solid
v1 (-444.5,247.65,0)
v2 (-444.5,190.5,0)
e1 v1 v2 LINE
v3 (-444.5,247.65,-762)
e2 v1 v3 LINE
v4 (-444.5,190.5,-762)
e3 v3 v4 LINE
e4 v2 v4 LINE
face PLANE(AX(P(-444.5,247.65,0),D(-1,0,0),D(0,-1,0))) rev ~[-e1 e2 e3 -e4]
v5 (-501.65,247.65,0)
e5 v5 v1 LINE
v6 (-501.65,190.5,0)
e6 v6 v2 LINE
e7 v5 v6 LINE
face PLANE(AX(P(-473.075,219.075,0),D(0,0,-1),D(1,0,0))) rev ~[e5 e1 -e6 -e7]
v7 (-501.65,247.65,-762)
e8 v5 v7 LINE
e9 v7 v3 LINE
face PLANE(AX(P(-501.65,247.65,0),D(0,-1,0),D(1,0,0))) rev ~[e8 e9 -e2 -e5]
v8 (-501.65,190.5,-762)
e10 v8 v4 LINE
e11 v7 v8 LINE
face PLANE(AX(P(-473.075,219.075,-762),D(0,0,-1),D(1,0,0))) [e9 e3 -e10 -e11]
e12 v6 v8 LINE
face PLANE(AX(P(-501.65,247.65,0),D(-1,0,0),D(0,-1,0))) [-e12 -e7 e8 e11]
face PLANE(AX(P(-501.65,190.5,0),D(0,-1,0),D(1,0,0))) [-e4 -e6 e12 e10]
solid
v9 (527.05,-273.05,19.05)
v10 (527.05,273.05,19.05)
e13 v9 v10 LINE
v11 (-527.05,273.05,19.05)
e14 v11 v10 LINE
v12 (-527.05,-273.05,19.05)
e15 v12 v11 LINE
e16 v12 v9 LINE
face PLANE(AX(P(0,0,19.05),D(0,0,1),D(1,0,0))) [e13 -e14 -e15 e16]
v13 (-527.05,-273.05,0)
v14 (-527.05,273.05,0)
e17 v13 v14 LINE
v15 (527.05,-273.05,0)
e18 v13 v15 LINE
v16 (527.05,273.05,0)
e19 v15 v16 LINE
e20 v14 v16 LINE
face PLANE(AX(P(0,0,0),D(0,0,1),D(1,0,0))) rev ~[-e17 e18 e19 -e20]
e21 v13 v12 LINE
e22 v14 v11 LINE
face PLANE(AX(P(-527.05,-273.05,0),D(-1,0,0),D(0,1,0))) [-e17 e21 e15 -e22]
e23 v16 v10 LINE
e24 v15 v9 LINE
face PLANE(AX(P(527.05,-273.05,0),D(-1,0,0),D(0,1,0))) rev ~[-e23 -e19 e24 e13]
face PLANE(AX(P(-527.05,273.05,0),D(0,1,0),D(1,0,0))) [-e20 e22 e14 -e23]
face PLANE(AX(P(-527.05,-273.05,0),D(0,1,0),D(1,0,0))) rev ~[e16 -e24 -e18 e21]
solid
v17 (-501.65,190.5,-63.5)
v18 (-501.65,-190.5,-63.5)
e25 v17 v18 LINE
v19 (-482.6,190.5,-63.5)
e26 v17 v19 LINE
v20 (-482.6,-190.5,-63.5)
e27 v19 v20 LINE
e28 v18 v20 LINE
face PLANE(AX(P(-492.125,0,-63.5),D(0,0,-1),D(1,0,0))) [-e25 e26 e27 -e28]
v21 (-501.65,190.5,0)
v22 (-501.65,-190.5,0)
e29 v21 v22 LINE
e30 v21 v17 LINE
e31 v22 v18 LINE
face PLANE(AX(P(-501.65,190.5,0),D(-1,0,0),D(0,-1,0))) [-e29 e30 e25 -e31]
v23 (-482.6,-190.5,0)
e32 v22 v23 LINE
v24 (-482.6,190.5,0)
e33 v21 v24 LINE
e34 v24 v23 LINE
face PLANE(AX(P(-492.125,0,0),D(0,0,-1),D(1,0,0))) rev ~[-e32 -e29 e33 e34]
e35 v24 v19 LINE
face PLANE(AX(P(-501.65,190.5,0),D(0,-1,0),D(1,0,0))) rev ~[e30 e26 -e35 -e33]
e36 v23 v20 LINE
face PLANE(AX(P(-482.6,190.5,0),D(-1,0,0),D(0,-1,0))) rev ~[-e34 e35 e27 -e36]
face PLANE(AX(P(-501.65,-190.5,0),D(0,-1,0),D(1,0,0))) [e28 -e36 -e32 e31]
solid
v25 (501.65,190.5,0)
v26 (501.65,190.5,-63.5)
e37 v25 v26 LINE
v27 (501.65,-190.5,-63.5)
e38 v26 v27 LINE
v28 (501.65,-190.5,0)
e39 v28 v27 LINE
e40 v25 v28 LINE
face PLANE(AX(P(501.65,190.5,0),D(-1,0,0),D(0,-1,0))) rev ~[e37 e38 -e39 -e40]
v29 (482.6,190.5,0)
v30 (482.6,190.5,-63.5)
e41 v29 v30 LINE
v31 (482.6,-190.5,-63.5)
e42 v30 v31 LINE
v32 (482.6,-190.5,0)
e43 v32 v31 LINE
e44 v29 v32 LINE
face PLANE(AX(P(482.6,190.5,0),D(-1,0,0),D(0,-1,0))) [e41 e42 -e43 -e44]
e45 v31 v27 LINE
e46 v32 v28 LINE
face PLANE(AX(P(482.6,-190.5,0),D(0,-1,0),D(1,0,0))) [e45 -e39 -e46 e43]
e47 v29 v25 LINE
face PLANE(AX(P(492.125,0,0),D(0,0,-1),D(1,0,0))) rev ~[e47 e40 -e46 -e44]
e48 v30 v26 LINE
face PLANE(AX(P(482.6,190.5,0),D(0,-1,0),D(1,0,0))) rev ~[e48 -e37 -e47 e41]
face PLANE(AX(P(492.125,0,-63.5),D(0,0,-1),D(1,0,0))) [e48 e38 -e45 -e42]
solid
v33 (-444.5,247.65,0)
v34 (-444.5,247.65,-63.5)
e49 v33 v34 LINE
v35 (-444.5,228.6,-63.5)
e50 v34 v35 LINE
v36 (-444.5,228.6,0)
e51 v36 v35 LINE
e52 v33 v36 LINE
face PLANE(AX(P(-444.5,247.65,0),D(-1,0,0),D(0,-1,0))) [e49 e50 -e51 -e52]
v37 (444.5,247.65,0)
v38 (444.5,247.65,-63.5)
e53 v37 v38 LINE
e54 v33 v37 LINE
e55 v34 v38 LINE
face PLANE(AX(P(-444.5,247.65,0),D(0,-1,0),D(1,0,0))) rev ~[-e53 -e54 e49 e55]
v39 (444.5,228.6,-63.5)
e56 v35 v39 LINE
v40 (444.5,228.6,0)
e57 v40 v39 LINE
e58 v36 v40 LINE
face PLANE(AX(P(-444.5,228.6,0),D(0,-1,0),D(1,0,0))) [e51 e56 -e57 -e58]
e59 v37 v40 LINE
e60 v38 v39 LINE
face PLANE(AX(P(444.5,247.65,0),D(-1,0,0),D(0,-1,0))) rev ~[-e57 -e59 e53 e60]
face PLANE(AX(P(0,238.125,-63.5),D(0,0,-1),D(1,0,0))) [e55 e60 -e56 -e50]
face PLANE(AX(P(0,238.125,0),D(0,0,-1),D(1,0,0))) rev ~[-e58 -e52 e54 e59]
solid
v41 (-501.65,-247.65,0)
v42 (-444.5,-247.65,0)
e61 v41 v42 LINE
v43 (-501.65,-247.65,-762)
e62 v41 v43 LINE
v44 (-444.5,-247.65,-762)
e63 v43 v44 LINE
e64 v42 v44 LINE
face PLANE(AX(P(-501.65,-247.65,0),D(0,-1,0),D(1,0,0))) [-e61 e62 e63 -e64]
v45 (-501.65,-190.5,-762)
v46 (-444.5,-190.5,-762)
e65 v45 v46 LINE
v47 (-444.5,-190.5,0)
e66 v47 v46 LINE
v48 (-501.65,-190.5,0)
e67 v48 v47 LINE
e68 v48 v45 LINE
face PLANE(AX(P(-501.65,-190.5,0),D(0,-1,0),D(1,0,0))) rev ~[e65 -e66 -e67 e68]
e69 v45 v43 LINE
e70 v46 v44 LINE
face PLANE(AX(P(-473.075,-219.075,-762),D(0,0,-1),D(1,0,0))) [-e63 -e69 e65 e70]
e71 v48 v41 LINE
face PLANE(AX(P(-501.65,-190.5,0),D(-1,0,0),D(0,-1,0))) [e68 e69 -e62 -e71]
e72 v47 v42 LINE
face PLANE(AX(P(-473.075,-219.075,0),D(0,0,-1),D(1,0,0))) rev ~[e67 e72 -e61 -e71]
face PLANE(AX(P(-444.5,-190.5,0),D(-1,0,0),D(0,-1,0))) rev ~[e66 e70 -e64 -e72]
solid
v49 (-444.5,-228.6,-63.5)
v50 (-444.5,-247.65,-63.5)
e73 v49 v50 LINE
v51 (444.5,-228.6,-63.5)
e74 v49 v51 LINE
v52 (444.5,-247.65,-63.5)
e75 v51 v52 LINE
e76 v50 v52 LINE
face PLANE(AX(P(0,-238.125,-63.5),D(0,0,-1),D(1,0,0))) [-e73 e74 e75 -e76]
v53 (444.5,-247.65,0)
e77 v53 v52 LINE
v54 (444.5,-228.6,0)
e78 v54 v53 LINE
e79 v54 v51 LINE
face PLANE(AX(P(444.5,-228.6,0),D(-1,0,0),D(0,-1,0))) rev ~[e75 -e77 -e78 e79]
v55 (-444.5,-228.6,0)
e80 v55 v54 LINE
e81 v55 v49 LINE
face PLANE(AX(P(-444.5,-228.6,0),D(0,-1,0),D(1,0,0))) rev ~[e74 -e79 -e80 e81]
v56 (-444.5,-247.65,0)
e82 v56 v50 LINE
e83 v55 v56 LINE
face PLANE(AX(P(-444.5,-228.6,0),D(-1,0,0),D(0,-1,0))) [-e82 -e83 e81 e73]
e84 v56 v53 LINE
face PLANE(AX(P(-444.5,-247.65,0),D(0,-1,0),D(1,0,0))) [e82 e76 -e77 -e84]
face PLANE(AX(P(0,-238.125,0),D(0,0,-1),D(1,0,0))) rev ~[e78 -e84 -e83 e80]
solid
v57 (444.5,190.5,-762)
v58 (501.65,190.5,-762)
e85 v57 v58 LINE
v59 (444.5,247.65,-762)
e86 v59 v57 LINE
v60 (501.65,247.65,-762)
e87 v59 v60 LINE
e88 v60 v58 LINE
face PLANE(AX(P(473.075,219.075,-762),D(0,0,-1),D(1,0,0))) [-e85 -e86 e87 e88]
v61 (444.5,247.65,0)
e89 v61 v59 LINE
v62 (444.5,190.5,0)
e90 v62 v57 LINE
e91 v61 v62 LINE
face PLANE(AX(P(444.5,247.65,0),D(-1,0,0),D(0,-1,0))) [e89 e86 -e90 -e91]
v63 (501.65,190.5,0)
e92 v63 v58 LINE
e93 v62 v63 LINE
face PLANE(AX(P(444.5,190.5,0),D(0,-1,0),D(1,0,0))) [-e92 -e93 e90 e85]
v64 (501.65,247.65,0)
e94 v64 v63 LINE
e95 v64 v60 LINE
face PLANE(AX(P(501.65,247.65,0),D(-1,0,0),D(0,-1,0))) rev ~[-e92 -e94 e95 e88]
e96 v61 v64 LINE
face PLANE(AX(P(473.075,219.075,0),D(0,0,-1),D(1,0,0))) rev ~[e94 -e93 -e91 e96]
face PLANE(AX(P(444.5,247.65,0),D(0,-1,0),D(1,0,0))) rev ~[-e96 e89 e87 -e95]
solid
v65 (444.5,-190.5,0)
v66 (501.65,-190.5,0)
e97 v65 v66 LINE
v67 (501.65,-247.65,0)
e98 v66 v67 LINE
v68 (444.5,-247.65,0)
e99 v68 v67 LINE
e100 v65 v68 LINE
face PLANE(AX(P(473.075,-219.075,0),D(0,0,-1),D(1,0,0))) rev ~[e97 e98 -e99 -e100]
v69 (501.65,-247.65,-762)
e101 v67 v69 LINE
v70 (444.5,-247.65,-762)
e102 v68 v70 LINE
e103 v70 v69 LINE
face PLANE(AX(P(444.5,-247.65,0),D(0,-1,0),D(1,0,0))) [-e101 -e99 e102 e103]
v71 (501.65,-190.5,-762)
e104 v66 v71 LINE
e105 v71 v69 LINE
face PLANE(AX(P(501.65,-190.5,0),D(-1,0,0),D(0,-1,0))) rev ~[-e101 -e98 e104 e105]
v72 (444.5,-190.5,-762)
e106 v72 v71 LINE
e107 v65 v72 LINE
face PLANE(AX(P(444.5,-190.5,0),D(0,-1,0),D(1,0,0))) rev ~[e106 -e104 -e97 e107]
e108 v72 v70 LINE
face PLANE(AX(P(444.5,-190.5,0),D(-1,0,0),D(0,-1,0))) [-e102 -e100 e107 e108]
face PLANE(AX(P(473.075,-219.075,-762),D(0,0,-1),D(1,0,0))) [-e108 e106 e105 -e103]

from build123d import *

# Parameters (mm, degrees)
F0_W     = 1054.1
F0_H     = 546.1
F1_DEPTH = 19.05
F2_W     = 57.15
F2_H     = 57.15
F3_DEPTH = 762
F4_W     = 889
F4_H     = 19.05
F4_W_2   = 19.05
F4_H_2   = 381
F5_DEPTH = 63.5


with BuildPart() as f1:
    # F0 (on Top) → F1 (new body)
    with BuildSketch(Plane.XY):
        Rectangle(F0_W, F0_H)
    extrude(amount=F1_DEPTH)


with BuildPart() as f3:
    # F2 (on face) → F3 (new body)
    with BuildSketch(Plane(origin=(0, 0, 0), x_dir=(1, 0, 0), z_dir=(0, 0, -1))):
        with Locations((-473.075, 219.075)):
            Rectangle(F2_W, F2_H)
        with Locations((473.075, 219.075)):
            Rectangle(F2_W, F2_H)
        with Locations((473.075, -219.075)):
            Rectangle(F2_W, F2_H)
        with Locations((-473.075, -219.075)):
            Rectangle(F2_W, F2_H)
    extrude(amount=F3_DEPTH)


with BuildPart() as f5:
    # F4 (on face) → F5 (new body)
    with BuildSketch(Plane(origin=(0, 0, 0), x_dir=(1, 0, 0), z_dir=(0, 0, -1))):
        with Locations((0, 238.125)):
            Rectangle(F4_W, F4_H)
        with Locations((-492.125, 0)):
            Rectangle(F4_W_2, F4_H_2)
        with Locations((0, -238.125)):
            Rectangle(F4_W, F4_H)
        with Locations((492.125, 0)):
            Rectangle(F4_W_2, F4_H_2)
    extrude(amount=F5_DEPTH)


solid = Compound([f1.part, f3.part, f5.part])
